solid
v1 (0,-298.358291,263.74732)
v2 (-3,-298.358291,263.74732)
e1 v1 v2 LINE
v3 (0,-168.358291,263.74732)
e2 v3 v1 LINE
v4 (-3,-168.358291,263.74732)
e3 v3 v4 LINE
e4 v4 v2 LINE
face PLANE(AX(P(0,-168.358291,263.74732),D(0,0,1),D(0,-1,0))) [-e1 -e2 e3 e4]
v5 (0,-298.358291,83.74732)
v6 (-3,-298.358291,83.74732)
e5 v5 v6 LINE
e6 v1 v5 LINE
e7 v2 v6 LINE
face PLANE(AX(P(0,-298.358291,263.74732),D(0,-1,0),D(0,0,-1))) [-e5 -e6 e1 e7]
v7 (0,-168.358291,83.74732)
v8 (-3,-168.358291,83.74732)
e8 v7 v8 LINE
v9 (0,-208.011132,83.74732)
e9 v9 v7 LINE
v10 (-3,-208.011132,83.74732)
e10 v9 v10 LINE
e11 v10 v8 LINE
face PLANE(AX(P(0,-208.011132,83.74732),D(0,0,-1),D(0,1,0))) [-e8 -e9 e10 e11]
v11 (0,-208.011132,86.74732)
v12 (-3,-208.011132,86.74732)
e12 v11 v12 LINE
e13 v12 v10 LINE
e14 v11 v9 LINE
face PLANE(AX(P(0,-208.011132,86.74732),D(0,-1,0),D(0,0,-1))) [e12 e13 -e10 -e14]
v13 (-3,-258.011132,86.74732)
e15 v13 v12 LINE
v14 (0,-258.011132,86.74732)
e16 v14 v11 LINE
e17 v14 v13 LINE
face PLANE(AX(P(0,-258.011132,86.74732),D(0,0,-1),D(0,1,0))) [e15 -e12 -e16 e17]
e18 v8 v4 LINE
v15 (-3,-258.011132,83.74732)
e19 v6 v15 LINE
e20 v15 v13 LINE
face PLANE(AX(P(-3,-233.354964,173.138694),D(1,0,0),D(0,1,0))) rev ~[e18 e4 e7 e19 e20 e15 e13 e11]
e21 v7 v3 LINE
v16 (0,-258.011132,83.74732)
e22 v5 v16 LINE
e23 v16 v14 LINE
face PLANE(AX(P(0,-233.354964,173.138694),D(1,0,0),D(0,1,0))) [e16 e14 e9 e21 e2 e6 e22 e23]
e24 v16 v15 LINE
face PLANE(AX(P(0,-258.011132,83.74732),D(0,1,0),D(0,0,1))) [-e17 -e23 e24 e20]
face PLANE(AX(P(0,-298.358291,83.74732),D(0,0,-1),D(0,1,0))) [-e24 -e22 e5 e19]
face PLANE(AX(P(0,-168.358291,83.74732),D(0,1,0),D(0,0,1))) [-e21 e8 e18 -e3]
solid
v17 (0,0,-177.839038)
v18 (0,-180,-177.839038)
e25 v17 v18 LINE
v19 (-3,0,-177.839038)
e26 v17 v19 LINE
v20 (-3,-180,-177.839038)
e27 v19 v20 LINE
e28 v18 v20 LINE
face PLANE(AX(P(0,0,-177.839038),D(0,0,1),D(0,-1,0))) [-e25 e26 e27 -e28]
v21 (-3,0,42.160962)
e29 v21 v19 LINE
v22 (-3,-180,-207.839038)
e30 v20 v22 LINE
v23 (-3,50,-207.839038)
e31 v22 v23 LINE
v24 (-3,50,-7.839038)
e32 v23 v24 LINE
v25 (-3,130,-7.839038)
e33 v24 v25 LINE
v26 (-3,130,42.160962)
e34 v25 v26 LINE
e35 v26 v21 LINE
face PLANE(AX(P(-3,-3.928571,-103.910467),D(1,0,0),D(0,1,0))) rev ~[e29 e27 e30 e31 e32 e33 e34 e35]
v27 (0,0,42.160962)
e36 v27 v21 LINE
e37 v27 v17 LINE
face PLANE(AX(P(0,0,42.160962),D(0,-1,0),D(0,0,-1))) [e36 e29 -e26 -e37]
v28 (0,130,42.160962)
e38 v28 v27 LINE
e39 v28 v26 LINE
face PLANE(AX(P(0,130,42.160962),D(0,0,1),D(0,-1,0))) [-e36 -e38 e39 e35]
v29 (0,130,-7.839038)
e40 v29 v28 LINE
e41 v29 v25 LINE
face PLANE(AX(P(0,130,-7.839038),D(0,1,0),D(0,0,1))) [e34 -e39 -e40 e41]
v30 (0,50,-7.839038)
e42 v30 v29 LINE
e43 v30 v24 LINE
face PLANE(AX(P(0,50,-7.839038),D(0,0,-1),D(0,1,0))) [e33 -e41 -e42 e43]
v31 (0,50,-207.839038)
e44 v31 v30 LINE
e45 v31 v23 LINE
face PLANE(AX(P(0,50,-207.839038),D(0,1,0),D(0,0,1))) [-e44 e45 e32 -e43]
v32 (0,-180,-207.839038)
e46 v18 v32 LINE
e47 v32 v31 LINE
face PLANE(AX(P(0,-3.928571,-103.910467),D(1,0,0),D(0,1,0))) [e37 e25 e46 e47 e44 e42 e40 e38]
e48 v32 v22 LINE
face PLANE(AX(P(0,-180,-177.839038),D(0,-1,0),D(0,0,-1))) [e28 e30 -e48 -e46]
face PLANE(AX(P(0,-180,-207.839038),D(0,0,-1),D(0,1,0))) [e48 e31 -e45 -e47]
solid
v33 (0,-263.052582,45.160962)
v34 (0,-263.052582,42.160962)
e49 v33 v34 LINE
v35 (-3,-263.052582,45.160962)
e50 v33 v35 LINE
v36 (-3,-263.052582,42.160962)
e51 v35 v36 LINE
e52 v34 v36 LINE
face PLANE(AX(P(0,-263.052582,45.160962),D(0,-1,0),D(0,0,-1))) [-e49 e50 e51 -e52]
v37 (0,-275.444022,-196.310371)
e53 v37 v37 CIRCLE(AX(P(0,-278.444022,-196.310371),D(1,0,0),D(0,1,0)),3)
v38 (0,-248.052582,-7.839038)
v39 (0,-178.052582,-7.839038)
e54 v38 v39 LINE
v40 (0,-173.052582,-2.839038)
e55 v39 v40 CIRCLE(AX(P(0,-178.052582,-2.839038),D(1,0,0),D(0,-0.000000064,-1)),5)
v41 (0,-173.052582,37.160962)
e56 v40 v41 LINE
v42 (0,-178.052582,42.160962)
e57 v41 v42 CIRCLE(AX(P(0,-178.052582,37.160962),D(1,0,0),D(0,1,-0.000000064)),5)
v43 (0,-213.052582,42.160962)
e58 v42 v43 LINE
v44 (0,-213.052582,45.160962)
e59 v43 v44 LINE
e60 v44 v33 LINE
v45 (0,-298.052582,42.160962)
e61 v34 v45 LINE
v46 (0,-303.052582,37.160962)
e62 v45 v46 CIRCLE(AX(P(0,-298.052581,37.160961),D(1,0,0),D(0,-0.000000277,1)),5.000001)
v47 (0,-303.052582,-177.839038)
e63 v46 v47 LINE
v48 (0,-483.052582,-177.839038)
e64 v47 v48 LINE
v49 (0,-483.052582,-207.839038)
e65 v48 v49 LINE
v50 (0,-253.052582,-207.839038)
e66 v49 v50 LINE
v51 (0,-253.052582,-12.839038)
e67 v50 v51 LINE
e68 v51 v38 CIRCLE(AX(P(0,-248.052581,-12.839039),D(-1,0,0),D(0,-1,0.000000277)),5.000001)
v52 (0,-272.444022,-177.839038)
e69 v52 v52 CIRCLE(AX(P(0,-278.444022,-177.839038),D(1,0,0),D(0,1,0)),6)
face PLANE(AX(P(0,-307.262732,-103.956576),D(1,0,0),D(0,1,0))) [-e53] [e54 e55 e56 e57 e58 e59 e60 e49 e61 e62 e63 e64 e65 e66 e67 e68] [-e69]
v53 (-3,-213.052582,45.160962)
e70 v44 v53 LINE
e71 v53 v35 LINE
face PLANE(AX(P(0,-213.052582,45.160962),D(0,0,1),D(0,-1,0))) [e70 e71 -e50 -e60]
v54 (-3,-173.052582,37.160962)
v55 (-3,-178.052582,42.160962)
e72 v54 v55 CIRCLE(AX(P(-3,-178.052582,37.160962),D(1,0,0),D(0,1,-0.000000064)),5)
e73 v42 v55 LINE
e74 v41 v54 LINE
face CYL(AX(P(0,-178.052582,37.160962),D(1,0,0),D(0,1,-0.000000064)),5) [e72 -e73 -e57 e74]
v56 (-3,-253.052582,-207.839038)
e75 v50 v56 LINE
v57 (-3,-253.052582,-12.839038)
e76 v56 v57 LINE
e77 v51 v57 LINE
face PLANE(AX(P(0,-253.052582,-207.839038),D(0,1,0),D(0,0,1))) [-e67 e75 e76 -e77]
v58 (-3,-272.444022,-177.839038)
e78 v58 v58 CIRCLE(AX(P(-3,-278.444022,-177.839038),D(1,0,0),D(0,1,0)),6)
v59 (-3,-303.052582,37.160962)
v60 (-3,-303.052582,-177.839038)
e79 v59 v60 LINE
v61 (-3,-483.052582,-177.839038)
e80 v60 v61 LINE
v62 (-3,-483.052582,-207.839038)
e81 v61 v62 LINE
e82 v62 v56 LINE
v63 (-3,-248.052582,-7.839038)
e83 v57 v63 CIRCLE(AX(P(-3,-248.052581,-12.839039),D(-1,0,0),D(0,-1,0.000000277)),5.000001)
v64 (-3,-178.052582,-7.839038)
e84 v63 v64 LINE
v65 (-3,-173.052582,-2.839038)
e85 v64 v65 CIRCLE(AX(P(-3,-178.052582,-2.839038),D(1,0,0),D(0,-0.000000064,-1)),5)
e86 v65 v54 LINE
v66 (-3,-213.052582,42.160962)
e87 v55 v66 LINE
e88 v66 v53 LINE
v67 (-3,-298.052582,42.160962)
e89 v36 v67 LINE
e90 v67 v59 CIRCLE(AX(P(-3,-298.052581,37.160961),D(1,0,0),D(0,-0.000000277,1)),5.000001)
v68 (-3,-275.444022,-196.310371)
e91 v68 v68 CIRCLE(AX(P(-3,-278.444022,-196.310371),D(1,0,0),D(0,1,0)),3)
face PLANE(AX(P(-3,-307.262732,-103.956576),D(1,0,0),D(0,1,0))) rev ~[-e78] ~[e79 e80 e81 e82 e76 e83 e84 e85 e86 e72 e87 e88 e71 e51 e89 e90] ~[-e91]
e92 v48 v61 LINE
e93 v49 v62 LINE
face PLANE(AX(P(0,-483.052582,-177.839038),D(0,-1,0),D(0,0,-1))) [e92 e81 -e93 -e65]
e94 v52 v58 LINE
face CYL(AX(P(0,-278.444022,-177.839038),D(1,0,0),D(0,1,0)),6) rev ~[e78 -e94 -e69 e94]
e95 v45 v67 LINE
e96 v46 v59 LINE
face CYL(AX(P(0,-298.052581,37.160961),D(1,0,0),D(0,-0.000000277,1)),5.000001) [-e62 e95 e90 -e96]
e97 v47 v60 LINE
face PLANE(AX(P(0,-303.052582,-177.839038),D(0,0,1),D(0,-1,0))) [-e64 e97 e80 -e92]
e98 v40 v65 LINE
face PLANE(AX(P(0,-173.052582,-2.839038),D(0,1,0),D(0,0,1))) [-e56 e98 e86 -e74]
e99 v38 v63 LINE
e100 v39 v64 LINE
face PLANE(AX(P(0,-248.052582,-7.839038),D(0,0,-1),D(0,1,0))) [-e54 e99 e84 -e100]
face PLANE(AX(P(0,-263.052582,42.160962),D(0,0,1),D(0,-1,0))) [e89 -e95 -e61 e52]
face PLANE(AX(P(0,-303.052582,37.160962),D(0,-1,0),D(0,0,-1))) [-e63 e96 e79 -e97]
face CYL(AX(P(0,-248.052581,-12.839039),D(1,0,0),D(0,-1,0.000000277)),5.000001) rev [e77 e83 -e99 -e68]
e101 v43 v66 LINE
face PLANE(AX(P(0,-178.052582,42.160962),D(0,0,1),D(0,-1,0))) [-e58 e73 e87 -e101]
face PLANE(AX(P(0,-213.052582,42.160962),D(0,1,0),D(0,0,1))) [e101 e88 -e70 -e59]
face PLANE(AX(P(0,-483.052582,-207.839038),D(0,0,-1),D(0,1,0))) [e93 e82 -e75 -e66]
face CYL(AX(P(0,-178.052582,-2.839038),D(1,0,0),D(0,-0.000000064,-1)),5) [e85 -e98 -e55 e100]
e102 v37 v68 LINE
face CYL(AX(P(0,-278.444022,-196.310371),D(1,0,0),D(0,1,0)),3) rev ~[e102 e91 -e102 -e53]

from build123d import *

# Parameters (mm, degrees)
F0_R     = 3
F0_R_2   = 6
F1_DEPTH = 3


with BuildPart() as f1:
    # F0 (on Right) → F1 (new body)
    with BuildSketch(Plane.YZ):
        Polygon((130, 42.160962), (0, 42.160962), (0, -177.839038), (-180, -177.839038), (-180, -207.839038), (50, -207.839038), (50, -7.839038), (130, -7.839038), align=None)
        with BuildLine():
            Line((-263.052582, 42.160962), (-298.052582, 42.160962))
            ThreePointArc((-298.052582, 42.160962), (-301.588115, 40.696496), (-303.052582, 37.160962))
            Line((-303.052582, 37.160962), (-303.052582, -177.839038))
            Line((-303.052582, -177.839038), (-483.052582, -177.839038))
            Line((-483.052582, -177.839038), (-483.052582, -207.839038))
            Line((-483.052582, -207.839038), (-253.052582, -207.839038))
            Line((-253.052582, -207.839038), (-253.052582, -12.839038))
            ThreePointArc((-253.052582, -12.839038), (-251.588115, -9.303504), (-248.052582, -7.839038))
            Line((-248.052582, -7.839038), (-178.052582, -7.839038))
            ThreePointArc((-178.052582, -7.839038), (-174.517048, -6.374572), (-173.052582, -2.839038))
            Line((-173.052582, -2.839038), (-173.052582, 37.160962))
            ThreePointArc((-173.052582, 37.160962), (-174.517048, 40.696496), (-178.052582, 42.160962))
            Line((-178.052582, 42.160962), (-213.052582, 42.160962))
            Line((-213.052582, 42.160962), (-213.052582, 45.160962))
            Line((-213.052582, 45.160962), (-263.052582, 45.160962))
            Line((-263.052582, 45.160962), (-263.052582, 42.160962))
        make_face()
        with Locations((-278.444022, -196.310371)):
            Circle(F0_R, mode=Mode.SUBTRACT)
        with Locations((-278.444022, -177.839038)):
            Circle(F0_R_2, mode=Mode.SUBTRACT)
        Polygon((-298.358291, 263.74732), (-298.358291, 83.74732), (-258.011132, 83.74732), (-258.011132, 86.74732), (-208.011132, 86.74732), (-208.011132, 83.74732), (-168.358291, 83.74732), (-168.358291, 263.74732), align=None)
    extrude(amount=-F1_DEPTH)


solid = f1.part
